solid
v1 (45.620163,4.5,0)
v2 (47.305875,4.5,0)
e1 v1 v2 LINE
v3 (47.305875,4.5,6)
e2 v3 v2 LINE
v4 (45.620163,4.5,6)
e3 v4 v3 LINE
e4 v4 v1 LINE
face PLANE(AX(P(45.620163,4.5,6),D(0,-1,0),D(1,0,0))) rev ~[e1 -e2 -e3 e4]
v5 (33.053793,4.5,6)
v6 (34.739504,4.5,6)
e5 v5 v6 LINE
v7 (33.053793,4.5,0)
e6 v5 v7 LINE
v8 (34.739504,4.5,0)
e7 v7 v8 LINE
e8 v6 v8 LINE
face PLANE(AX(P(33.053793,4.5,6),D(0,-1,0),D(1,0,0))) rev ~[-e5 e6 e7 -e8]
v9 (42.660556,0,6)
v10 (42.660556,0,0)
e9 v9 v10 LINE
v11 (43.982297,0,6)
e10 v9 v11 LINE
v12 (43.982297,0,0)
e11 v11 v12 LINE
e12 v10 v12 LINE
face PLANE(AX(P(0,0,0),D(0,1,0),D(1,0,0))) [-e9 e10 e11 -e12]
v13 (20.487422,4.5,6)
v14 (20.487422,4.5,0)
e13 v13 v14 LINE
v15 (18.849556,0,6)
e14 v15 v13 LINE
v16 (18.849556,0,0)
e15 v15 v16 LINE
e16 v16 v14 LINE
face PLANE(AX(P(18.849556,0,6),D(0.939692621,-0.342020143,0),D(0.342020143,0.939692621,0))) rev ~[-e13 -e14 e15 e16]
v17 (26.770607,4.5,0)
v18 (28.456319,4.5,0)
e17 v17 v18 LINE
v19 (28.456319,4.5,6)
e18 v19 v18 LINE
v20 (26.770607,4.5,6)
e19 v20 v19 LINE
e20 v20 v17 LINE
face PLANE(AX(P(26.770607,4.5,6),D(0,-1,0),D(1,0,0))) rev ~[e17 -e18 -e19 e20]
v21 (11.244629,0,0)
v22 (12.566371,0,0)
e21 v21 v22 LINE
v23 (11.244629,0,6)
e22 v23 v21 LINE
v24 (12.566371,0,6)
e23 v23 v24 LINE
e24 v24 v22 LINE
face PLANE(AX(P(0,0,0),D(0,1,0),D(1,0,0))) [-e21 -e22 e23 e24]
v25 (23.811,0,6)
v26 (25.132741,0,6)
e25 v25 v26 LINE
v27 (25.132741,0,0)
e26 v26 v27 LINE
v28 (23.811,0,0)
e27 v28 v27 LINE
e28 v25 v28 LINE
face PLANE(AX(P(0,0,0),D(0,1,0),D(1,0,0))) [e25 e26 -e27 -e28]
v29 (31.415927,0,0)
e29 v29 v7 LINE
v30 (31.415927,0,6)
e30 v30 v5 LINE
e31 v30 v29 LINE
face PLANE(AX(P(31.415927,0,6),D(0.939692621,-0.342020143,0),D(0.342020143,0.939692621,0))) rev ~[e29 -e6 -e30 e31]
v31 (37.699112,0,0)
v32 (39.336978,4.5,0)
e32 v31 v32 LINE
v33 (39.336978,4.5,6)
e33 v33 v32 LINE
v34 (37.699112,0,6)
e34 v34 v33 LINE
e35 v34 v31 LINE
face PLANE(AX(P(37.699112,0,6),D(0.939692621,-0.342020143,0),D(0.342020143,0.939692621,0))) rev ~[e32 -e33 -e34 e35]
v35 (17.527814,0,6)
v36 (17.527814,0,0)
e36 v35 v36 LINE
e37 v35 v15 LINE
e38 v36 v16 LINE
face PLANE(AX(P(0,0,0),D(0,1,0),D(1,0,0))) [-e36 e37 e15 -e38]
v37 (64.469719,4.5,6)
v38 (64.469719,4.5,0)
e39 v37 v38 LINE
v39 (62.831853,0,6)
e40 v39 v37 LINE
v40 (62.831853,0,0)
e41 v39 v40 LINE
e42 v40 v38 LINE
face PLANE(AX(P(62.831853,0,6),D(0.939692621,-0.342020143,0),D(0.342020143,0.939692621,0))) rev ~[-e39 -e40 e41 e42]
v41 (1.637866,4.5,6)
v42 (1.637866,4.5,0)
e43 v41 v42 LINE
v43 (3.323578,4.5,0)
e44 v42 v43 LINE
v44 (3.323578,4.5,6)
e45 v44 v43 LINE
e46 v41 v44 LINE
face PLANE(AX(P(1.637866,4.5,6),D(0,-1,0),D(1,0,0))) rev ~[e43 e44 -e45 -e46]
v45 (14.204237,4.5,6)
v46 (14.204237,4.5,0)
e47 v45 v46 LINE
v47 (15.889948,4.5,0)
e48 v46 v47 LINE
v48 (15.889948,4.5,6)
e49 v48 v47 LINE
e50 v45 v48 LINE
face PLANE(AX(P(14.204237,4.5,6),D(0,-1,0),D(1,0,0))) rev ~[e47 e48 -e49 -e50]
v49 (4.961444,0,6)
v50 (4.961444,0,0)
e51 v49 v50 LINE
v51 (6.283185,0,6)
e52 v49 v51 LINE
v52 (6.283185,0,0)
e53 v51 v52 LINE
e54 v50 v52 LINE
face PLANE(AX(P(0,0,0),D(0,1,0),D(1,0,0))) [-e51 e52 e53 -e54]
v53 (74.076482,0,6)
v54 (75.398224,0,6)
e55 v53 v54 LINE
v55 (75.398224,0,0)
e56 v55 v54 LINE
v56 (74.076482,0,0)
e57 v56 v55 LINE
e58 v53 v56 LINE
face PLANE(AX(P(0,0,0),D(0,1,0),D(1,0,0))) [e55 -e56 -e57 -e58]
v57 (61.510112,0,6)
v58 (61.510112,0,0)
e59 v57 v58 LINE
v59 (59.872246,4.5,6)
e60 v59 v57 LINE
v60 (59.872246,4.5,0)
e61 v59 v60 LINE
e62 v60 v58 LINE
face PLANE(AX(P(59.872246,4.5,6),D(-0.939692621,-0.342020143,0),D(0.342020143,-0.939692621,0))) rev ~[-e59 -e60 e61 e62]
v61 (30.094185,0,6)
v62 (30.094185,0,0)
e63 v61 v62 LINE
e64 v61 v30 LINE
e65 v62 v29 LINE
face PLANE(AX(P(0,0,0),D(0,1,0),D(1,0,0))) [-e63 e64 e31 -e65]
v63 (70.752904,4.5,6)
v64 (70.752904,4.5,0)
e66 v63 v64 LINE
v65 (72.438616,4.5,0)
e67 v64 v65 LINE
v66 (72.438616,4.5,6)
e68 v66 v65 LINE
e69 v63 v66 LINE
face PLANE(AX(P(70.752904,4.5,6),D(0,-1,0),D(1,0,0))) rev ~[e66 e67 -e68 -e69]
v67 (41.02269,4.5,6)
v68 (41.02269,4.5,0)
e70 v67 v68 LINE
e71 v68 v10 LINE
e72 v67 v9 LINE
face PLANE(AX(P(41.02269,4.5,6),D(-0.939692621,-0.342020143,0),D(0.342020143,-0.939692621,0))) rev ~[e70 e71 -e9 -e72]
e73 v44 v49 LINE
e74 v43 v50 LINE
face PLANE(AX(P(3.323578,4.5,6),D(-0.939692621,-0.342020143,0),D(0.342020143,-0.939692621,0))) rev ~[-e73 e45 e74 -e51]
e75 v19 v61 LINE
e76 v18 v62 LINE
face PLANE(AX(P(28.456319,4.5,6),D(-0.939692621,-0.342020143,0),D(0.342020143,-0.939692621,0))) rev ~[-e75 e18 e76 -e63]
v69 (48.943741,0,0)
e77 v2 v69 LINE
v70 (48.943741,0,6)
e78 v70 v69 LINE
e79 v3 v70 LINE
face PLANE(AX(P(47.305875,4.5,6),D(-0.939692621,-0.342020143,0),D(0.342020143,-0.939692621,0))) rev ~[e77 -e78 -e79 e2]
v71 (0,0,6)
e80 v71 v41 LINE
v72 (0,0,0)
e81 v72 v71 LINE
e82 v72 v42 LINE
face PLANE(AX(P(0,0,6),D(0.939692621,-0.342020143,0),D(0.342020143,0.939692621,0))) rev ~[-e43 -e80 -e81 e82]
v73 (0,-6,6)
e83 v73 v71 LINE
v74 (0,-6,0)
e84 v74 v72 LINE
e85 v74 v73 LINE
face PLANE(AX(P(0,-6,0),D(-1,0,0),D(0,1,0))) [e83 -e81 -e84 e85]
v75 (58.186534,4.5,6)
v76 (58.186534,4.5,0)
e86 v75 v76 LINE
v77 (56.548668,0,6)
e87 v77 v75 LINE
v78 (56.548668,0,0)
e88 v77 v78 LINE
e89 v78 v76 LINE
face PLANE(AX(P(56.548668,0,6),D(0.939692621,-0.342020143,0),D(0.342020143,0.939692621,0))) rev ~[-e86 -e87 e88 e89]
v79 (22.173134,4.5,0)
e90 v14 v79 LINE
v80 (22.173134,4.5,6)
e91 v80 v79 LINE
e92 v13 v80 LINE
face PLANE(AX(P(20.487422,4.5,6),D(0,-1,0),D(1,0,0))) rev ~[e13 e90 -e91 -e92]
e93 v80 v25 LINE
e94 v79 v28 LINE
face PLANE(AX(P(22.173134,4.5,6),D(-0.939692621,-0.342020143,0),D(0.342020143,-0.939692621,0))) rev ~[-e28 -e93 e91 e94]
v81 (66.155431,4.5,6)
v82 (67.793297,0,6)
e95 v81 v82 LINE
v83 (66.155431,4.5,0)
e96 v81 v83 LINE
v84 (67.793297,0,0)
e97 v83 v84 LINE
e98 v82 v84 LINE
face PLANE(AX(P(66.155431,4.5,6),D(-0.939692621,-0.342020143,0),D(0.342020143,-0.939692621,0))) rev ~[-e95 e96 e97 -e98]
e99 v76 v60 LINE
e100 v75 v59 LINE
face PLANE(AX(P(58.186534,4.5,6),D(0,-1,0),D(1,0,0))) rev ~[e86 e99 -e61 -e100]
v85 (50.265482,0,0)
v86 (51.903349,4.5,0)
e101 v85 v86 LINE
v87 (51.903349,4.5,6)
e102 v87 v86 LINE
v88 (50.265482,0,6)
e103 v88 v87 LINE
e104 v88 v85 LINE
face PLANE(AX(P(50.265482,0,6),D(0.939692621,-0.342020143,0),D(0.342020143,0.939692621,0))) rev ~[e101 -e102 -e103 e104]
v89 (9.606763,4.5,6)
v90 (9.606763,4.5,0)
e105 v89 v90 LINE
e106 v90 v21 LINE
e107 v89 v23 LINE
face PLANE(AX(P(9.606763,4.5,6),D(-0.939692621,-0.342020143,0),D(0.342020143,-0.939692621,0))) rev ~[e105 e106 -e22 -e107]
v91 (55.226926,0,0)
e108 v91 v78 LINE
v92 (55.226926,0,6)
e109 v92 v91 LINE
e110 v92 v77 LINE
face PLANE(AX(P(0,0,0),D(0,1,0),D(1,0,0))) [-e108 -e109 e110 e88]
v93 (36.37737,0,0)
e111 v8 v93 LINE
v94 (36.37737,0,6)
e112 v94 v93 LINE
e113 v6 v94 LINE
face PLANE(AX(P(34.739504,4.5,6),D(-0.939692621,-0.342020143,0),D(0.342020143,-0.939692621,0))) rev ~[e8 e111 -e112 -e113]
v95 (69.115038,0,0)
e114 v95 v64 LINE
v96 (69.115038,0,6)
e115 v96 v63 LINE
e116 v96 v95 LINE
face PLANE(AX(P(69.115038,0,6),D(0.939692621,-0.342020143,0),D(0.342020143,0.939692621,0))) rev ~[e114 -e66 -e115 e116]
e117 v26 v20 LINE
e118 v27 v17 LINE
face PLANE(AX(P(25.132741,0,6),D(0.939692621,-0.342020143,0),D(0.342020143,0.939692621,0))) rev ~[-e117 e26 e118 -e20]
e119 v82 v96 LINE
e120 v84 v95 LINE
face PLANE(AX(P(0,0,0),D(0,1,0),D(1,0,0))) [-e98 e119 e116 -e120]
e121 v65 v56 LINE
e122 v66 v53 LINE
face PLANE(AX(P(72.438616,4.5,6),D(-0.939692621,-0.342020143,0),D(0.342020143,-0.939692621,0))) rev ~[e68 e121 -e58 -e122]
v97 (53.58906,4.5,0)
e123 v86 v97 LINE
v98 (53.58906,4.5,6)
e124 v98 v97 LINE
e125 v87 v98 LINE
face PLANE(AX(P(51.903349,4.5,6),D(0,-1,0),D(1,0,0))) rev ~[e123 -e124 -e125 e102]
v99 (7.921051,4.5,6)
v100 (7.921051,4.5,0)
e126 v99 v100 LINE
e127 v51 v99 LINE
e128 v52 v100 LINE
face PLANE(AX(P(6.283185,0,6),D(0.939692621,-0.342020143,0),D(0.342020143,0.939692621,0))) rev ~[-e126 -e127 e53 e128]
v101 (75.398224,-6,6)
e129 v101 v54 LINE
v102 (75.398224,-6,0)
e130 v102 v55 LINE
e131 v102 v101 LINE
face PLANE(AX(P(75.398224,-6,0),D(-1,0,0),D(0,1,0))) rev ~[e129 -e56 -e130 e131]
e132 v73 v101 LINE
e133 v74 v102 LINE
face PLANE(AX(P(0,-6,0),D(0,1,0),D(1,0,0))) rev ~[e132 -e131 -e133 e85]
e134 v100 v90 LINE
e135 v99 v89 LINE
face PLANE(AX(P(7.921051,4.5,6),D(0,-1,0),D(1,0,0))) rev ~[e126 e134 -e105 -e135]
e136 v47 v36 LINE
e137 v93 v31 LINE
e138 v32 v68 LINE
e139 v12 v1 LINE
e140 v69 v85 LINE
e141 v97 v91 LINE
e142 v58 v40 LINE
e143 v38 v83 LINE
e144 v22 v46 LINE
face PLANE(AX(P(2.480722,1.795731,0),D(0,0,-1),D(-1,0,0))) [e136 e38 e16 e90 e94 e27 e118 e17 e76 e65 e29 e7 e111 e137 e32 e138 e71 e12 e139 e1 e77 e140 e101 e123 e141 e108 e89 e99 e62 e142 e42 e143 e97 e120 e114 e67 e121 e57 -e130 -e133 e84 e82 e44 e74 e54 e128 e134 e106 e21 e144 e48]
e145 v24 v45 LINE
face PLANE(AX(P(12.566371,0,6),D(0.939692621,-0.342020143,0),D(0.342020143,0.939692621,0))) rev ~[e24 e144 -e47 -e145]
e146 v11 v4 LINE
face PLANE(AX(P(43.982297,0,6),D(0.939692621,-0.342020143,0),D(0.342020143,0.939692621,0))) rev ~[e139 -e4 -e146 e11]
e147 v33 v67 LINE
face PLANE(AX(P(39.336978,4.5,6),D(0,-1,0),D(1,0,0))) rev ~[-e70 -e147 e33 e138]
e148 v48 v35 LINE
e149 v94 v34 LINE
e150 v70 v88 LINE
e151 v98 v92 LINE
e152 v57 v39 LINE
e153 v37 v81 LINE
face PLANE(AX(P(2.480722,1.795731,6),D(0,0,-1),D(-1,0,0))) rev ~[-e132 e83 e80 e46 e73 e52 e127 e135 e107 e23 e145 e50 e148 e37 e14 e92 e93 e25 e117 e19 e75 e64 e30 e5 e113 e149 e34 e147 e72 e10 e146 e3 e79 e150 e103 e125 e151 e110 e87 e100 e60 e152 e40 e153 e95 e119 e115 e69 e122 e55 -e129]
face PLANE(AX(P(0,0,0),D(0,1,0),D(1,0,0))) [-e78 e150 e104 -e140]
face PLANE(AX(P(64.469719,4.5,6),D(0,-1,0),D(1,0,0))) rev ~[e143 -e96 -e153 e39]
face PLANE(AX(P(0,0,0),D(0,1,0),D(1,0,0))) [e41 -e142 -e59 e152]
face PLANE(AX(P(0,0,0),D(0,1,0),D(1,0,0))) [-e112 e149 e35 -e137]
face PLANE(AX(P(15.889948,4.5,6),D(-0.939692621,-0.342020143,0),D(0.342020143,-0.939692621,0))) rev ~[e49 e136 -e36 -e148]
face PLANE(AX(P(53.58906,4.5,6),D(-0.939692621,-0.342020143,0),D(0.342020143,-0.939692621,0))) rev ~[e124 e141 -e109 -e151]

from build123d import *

# Parameters (mm, degrees)
SKETCH_1_W             = 75.398223686
SKETCH_1_H             = 6
EXTRUDE_1_DEPTH        = 6
EXTRUDE_2_DEPTH        = 6
PATTERN_LINEAR_1_COUNT = 12
PATTERN_LINEAR_1_PITCH = 6.283185307


with BuildPart() as part:
    # 草图1 → 拉伸1 (new body)
    with BuildSketch(Plane.XY):
        with Locations((37.699111843, -3)):
            Rectangle(SKETCH_1_W, SKETCH_1_H)
    extrude(amount=EXTRUDE_1_DEPTH)

    # 草图2 → 拉伸2 (add)
    with BuildSketch(Plane.XY.offset(6)):
        Polygon((0, 0), (1.637866054, 4.5), (3.323577771, 4.5), (4.961443825, 0), align=None)
    extrude_2 = extrude(amount=-EXTRUDE_2_DEPTH)

    # 阵列(线性)1: 拉伸2 ×12
    with Locations(*[(i * PATTERN_LINEAR_1_PITCH, 0, 0) for i in range(1, PATTERN_LINEAR_1_COUNT)]):
        add(extrude_2)


solid = part.part
